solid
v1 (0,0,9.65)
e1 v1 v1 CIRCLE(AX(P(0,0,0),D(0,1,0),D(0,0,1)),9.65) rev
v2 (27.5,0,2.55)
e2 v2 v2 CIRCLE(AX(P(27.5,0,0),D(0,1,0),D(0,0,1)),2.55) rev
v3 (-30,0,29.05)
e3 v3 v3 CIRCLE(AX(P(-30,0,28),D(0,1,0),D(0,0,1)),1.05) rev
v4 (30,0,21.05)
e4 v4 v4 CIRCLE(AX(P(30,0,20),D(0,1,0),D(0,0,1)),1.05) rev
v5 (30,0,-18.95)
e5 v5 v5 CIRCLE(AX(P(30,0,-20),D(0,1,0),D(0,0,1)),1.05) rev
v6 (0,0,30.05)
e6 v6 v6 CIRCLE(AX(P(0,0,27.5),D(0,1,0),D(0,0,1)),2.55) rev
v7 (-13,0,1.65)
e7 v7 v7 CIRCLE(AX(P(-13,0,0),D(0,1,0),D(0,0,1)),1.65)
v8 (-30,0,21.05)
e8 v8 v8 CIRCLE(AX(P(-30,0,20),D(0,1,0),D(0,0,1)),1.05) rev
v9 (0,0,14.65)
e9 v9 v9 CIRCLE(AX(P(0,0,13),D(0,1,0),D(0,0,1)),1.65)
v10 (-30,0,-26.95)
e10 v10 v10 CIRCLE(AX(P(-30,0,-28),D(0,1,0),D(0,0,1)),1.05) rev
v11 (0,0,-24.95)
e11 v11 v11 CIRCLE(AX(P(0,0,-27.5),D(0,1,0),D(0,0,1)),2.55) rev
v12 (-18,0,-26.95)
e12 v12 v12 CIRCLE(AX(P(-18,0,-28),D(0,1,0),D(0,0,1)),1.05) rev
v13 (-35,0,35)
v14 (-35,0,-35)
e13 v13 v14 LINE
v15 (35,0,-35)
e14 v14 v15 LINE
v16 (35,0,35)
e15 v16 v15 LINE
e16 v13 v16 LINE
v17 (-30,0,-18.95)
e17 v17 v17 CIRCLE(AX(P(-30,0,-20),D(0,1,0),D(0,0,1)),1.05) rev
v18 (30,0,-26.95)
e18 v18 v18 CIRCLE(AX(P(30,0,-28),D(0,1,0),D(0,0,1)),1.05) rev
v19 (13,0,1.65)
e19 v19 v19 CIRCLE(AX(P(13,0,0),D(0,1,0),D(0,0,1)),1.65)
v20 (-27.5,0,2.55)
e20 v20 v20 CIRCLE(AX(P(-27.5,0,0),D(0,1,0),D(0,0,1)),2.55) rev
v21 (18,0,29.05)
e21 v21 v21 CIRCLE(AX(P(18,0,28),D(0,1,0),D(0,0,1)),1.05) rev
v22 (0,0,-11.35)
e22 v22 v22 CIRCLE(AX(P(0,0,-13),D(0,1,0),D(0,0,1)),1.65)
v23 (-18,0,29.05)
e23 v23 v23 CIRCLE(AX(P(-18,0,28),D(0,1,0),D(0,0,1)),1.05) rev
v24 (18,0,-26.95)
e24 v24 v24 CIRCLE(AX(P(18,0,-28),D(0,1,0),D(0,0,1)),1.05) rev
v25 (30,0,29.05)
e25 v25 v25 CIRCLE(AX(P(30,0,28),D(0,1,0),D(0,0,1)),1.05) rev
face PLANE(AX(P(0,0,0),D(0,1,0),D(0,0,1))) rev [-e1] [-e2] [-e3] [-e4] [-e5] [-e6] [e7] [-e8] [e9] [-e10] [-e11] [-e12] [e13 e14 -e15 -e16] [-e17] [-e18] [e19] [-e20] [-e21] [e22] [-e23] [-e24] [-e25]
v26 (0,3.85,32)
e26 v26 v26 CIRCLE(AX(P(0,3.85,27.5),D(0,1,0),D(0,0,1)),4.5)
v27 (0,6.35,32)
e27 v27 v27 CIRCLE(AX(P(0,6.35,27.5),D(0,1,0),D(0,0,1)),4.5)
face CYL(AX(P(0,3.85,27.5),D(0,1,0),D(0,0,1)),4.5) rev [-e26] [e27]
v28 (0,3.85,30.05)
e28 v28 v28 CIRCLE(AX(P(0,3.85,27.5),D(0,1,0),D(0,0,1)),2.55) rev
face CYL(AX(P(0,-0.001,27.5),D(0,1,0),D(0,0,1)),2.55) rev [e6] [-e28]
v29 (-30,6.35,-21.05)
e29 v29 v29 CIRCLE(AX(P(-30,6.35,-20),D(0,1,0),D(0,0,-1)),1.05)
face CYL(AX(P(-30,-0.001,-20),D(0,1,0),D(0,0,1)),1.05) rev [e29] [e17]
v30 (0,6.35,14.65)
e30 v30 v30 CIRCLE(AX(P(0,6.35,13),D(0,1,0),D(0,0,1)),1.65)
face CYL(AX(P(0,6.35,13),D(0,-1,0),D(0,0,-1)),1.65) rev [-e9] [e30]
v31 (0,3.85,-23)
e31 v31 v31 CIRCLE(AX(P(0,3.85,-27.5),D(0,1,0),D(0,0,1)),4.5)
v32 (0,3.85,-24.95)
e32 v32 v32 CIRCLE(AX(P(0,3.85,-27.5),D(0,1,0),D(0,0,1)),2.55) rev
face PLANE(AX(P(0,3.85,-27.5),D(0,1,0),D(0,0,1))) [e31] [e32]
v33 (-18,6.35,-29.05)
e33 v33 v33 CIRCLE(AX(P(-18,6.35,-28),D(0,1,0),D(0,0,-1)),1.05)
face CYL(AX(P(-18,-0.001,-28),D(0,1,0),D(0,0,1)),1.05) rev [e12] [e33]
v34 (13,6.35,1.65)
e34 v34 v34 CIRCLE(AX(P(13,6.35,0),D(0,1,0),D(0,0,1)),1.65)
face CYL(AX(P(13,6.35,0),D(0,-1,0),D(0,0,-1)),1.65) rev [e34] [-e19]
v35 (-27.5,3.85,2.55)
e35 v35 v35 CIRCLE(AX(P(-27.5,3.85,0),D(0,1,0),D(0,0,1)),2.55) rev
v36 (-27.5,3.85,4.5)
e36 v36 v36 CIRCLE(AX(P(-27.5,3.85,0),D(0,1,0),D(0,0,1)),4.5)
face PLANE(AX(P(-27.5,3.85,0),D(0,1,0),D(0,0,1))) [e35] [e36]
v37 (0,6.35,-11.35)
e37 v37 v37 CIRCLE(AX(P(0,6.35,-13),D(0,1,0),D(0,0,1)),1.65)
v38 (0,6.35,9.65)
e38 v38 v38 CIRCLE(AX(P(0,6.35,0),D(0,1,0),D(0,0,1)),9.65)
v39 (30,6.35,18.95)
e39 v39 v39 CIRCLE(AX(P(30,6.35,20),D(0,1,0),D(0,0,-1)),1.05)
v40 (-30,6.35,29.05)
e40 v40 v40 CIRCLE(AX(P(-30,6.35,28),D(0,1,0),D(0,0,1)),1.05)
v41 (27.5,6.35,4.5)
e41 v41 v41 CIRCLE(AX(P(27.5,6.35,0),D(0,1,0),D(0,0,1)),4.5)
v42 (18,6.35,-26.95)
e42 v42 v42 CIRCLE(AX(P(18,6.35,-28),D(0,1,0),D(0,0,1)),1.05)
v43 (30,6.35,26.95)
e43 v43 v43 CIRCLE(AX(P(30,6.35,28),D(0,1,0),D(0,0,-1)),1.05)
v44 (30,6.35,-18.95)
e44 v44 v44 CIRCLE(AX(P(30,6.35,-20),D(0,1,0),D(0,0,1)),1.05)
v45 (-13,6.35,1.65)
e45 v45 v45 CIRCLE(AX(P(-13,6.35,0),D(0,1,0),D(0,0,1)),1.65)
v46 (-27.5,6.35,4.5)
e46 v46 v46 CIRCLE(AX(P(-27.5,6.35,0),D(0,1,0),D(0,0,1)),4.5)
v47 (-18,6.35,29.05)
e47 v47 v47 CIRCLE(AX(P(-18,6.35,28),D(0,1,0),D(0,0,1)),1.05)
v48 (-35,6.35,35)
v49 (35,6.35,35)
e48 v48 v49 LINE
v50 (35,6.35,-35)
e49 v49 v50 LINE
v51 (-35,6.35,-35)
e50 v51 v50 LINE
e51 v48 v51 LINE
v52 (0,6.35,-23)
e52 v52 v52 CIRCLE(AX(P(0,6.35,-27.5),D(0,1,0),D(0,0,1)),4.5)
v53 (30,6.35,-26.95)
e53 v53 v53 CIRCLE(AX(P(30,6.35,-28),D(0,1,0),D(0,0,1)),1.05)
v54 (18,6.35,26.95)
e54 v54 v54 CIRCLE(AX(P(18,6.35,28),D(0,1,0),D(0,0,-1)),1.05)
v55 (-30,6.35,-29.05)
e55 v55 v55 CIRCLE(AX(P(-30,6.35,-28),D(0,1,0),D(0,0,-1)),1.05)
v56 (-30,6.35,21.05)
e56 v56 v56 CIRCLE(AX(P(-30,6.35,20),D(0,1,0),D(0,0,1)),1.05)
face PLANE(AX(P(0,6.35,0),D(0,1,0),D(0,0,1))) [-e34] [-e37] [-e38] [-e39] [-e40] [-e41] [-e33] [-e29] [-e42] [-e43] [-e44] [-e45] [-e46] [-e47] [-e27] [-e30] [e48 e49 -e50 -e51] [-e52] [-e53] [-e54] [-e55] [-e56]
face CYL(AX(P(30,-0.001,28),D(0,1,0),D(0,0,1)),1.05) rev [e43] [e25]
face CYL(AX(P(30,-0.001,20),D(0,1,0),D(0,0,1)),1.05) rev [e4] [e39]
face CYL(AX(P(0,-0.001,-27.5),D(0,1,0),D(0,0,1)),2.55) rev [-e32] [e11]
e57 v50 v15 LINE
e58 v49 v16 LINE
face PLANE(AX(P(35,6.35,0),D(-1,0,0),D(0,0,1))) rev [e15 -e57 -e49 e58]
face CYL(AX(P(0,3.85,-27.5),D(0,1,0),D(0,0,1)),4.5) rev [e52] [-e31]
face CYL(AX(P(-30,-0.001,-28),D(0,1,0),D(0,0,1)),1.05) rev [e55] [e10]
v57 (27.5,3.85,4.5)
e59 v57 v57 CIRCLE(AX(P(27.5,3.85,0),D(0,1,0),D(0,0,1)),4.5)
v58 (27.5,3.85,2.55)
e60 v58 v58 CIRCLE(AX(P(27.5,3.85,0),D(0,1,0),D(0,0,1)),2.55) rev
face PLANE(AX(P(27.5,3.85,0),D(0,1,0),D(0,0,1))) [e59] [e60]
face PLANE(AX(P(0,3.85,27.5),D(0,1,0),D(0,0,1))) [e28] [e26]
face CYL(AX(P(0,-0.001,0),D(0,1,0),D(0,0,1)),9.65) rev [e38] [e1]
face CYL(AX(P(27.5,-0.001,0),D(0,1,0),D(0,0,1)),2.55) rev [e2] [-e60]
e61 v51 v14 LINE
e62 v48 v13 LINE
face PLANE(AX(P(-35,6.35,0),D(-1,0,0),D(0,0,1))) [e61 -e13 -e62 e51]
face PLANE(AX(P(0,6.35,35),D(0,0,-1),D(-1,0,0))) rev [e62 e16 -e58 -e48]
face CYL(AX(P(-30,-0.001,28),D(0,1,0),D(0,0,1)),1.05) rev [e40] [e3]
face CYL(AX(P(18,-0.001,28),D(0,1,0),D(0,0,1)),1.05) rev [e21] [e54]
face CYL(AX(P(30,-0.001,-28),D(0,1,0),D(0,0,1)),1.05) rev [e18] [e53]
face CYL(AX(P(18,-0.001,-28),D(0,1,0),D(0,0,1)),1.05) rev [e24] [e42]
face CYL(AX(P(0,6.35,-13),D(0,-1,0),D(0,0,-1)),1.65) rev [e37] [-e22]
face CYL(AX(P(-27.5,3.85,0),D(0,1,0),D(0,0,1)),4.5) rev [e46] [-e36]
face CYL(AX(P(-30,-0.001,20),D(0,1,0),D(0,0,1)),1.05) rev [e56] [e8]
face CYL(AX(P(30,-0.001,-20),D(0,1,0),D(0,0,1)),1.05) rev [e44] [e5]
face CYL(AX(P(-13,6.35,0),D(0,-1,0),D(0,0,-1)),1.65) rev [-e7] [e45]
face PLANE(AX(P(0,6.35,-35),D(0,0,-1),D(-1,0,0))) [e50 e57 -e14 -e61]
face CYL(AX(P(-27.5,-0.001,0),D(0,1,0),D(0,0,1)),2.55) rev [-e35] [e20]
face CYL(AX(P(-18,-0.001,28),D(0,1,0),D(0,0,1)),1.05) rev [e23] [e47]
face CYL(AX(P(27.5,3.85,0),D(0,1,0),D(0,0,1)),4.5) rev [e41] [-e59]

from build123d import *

# Parameters (mm, degrees)
SKETCH1_W           = 70
SKETCH1_H           = 70
SKETCH1_R           = 1.65
BOSS_EXTRUDE1_DEPTH = 6.35
CUT_EXTRUDE1_REACH  = 51.903
SKETCH2_R           = 1.05
CUT_EXTRUDE2_REACH  = 51.903
SKETCH3_R           = 9.65
CUT_EXTRUDE3_REACH  = 51.903
SKETCH4_R           = 2.55
SKETCH5_R           = 4.5
CUT_EXTRUDE4_DEPTH  = 2.5


with BuildPart() as part:
    # Sketch1 → Boss-Extrude1 (new body)
    with BuildSketch(Plane(origin=(0, 0, 0), x_dir=(1, 0, 0), z_dir=(0, 1, 0))):
        Rectangle(SKETCH1_W, SKETCH1_H)
        with Locations(Location((0, 13, 0), (0, 0, 270))):
            Circle(SKETCH1_R, mode=Mode.SUBTRACT)
        with Locations(Location((13, 0, 0), (0, 0, 270))):
            Circle(SKETCH1_R, mode=Mode.SUBTRACT)
        with Locations(Location((0, -13, 0), (0, 0, 270))):
            Circle(SKETCH1_R, mode=Mode.SUBTRACT)
        with Locations(Location((-13, 0, 0), (0, 0, 270))):
            Circle(SKETCH1_R, mode=Mode.SUBTRACT)
    extrude(amount=BOSS_EXTRUDE1_DEPTH)

    # Sketch2 → Cut-Extrude1 (cut, up to next)
    with BuildSketch(Plane(origin=(0, 6.35, 0), x_dir=(1, 0, 0), z_dir=(0, 1, 0)), mode=Mode.PRIVATE) as cut_extrude1_sk1:
        with Locations(Location((18, 28, 0), (0, 0, 270))):
            Circle(SKETCH2_R)
    cut_extrude1_tool1 = extrude(cut_extrude1_sk1.sketch, amount=-CUT_EXTRUDE1_REACH, mode=Mode.PRIVATE) & part.part
    # Sketch2 → Cut-Extrude1 (cut, up to next)
    with BuildSketch(Plane(origin=(0, 6.35, 0), x_dir=(1, 0, 0), z_dir=(0, 1, 0)), mode=Mode.PRIVATE) as cut_extrude1_sk2:
        with Locations(Location((30, 28, 0), (0, 0, 270))):
            Circle(SKETCH2_R)
    cut_extrude1_tool2 = extrude(cut_extrude1_sk2.sketch, amount=-CUT_EXTRUDE1_REACH, mode=Mode.PRIVATE) & part.part
    # Sketch2 → Cut-Extrude1 (cut, up to next)
    with BuildSketch(Plane(origin=(0, 6.35, 0), x_dir=(1, 0, 0), z_dir=(0, 1, 0)), mode=Mode.PRIVATE) as cut_extrude1_sk3:
        with Locations(Location((30, 20, 0), (0, 0, 270))):
            Circle(SKETCH2_R)
    cut_extrude1_tool3 = extrude(cut_extrude1_sk3.sketch, amount=-CUT_EXTRUDE1_REACH, mode=Mode.PRIVATE) & part.part
    # Sketch2 → Cut-Extrude1 (cut, up to next)
    with BuildSketch(Plane(origin=(0, 6.35, 0), x_dir=(1, 0, 0), z_dir=(0, 1, 0)), mode=Mode.PRIVATE) as cut_extrude1_sk4:
        with Locations(Location((-30, 20, 0), (0, 0, 270))):
            Circle(SKETCH2_R)
    cut_extrude1_tool4 = extrude(cut_extrude1_sk4.sketch, amount=-CUT_EXTRUDE1_REACH, mode=Mode.PRIVATE) & part.part
    # Sketch2 → Cut-Extrude1 (cut, up to next)
    with BuildSketch(Plane(origin=(0, 6.35, 0), x_dir=(1, 0, 0), z_dir=(0, 1, 0)), mode=Mode.PRIVATE) as cut_extrude1_sk5:
        with Locations(Location((-30, 28, 0), (0, 0, 270))):
            Circle(SKETCH2_R)
    cut_extrude1_tool5 = extrude(cut_extrude1_sk5.sketch, amount=-CUT_EXTRUDE1_REACH, mode=Mode.PRIVATE) & part.part
    # Sketch2 → Cut-Extrude1 (cut, up to next)
    with BuildSketch(Plane(origin=(0, 6.35, 0), x_dir=(1, 0, 0), z_dir=(0, 1, 0)), mode=Mode.PRIVATE) as cut_extrude1_sk6:
        with Locations(Location((-18, 28, 0), (0, 0, 270))):
            Circle(SKETCH2_R)
    cut_extrude1_tool6 = extrude(cut_extrude1_sk6.sketch, amount=-CUT_EXTRUDE1_REACH, mode=Mode.PRIVATE) & part.part
    # Sketch2 → Cut-Extrude1 (cut, up to next)
    with BuildSketch(Plane(origin=(0, 6.35, 0), x_dir=(1, 0, 0), z_dir=(0, 1, 0)), mode=Mode.PRIVATE) as cut_extrude1_sk7:
        with Locations(Location((30, -20, 0), (0, 0, 270))):
            Circle(SKETCH2_R)
    cut_extrude1_tool7 = extrude(cut_extrude1_sk7.sketch, amount=-CUT_EXTRUDE1_REACH, mode=Mode.PRIVATE) & part.part
    # Sketch2 → Cut-Extrude1 (cut, up to next)
    with BuildSketch(Plane(origin=(0, 6.35, 0), x_dir=(1, 0, 0), z_dir=(0, 1, 0)), mode=Mode.PRIVATE) as cut_extrude1_sk8:
        with Locations(Location((30, -28, 0), (0, 0, 270))):
            Circle(SKETCH2_R)
    cut_extrude1_tool8 = extrude(cut_extrude1_sk8.sketch, amount=-CUT_EXTRUDE1_REACH, mode=Mode.PRIVATE) & part.part
    # Sketch2 → Cut-Extrude1 (cut, up to next)
    with BuildSketch(Plane(origin=(0, 6.35, 0), x_dir=(1, 0, 0), z_dir=(0, 1, 0)), mode=Mode.PRIVATE) as cut_extrude1_sk9:
        with Locations(Location((18, -28, 0), (0, 0, 270))):
            Circle(SKETCH2_R)
    cut_extrude1_tool9 = extrude(cut_extrude1_sk9.sketch, amount=-CUT_EXTRUDE1_REACH, mode=Mode.PRIVATE) & part.part
    # Sketch2 → Cut-Extrude1 (cut, up to next)
    with BuildSketch(Plane(origin=(0, 6.35, 0), x_dir=(1, 0, 0), z_dir=(0, 1, 0)), mode=Mode.PRIVATE) as cut_extrude1_sk10:
        with Locations(Location((-18, -28, 0), (0, 0, 270))):
            Circle(SKETCH2_R)
    cut_extrude1_tool10 = extrude(cut_extrude1_sk10.sketch, amount=-CUT_EXTRUDE1_REACH, mode=Mode.PRIVATE) & part.part
    # Sketch2 → Cut-Extrude1 (cut, up to next)
    with BuildSketch(Plane(origin=(0, 6.35, 0), x_dir=(1, 0, 0), z_dir=(0, 1, 0)), mode=Mode.PRIVATE) as cut_extrude1_sk11:
        with Locations(Location((-30, -20, 0), (0, 0, 270))):
            Circle(SKETCH2_R)
    cut_extrude1_tool11 = extrude(cut_extrude1_sk11.sketch, amount=-CUT_EXTRUDE1_REACH, mode=Mode.PRIVATE) & part.part
    # Sketch2 → Cut-Extrude1 (cut, up to next)
    with BuildSketch(Plane(origin=(0, 6.35, 0), x_dir=(1, 0, 0), z_dir=(0, 1, 0)), mode=Mode.PRIVATE) as cut_extrude1_sk12:
        with Locations(Location((-30, -28, 0), (0, 0, 270))):
            Circle(SKETCH2_R)
    cut_extrude1_tool12 = extrude(cut_extrude1_sk12.sketch, amount=-CUT_EXTRUDE1_REACH, mode=Mode.PRIVATE) & part.part
    add(cut_extrude1_tool1.solids().sort_by_distance((18, 6.35, -28))[0], mode=Mode.SUBTRACT)
    add(cut_extrude1_tool2.solids().sort_by_distance((30, 6.35, -28))[0], mode=Mode.SUBTRACT)
    add(cut_extrude1_tool3.solids().sort_by_distance((30, 6.35, -20))[0], mode=Mode.SUBTRACT)
    add(cut_extrude1_tool4.solids().sort_by_distance((-30, 6.35, -20))[0], mode=Mode.SUBTRACT)
    add(cut_extrude1_tool5.solids().sort_by_distance((-30, 6.35, -28))[0], mode=Mode.SUBTRACT)
    add(cut_extrude1_tool6.solids().sort_by_distance((-18, 6.35, -28))[0], mode=Mode.SUBTRACT)
    add(cut_extrude1_tool7.solids().sort_by_distance((30, 6.35, 20))[0], mode=Mode.SUBTRACT)
    add(cut_extrude1_tool8.solids().sort_by_distance((30, 6.35, 28))[0], mode=Mode.SUBTRACT)
    add(cut_extrude1_tool9.solids().sort_by_distance((18, 6.35, 28))[0], mode=Mode.SUBTRACT)
    add(cut_extrude1_tool10.solids().sort_by_distance((-18, 6.35, 28))[0], mode=Mode.SUBTRACT)
    add(cut_extrude1_tool11.solids().sort_by_distance((-30, 6.35, 20))[0], mode=Mode.SUBTRACT)
    add(cut_extrude1_tool12.solids().sort_by_distance((-30, 6.35, 28))[0], mode=Mode.SUBTRACT)

    # Sketch3 → Cut-Extrude2 (cut, up to next)
    with BuildSketch(Plane(origin=(0, 6.35, 0), x_dir=(1, 0, 0), z_dir=(0, 1, 0)), mode=Mode.PRIVATE) as cut_extrude2_sk1:
        with Locations(Location((0, 0, 0), (0, 0, 270))):
            Circle(SKETCH3_R)
    cut_extrude2_tool1 = extrude(cut_extrude2_sk1.sketch, amount=-CUT_EXTRUDE2_REACH, mode=Mode.PRIVATE) & part.part
    add(cut_extrude2_tool1.solids().sort_by_distance((0, 6.35, 0))[0], mode=Mode.SUBTRACT)

    # Sketch4 → Cut-Extrude3 (cut, up to next)
    with BuildSketch(Plane(origin=(0, 6.35, 0), x_dir=(1, 0, 0), z_dir=(0, 1, 0)), mode=Mode.PRIVATE) as cut_extrude3_sk1:
        with Locations(Location((0, 27.5, 0), (0, 0, 270))):
            Circle(SKETCH4_R)
    cut_extrude3_tool1 = extrude(cut_extrude3_sk1.sketch, amount=-CUT_EXTRUDE3_REACH, mode=Mode.PRIVATE) & part.part
    # Sketch4 → Cut-Extrude3 (cut, up to next)
    with BuildSketch(Plane(origin=(0, 6.35, 0), x_dir=(1, 0, 0), z_dir=(0, 1, 0)), mode=Mode.PRIVATE) as cut_extrude3_sk2:
        with Locations(Location((27.5, 0, 0), (0, 0, 270))):
            Circle(SKETCH4_R)
    cut_extrude3_tool2 = extrude(cut_extrude3_sk2.sketch, amount=-CUT_EXTRUDE3_REACH, mode=Mode.PRIVATE) & part.part
    # Sketch4 → Cut-Extrude3 (cut, up to next)
    with BuildSketch(Plane(origin=(0, 6.35, 0), x_dir=(1, 0, 0), z_dir=(0, 1, 0)), mode=Mode.PRIVATE) as cut_extrude3_sk3:
        with Locations(Location((0, -27.5, 0), (0, 0, 270))):
            Circle(SKETCH4_R)
    cut_extrude3_tool3 = extrude(cut_extrude3_sk3.sketch, amount=-CUT_EXTRUDE3_REACH, mode=Mode.PRIVATE) & part.part
    # Sketch4 → Cut-Extrude3 (cut, up to next)
    with BuildSketch(Plane(origin=(0, 6.35, 0), x_dir=(1, 0, 0), z_dir=(0, 1, 0)), mode=Mode.PRIVATE) as cut_extrude3_sk4:
        with Locations(Location((-27.5, 0, 0), (0, 0, 270))):
            Circle(SKETCH4_R)
    cut_extrude3_tool4 = extrude(cut_extrude3_sk4.sketch, amount=-CUT_EXTRUDE3_REACH, mode=Mode.PRIVATE) & part.part
    add(cut_extrude3_tool1.solids().sort_by_distance((0, 6.35, -27.5))[0], mode=Mode.SUBTRACT)
    add(cut_extrude3_tool2.solids().sort_by_distance((27.5, 6.35, 0))[0], mode=Mode.SUBTRACT)
    add(cut_extrude3_tool3.solids().sort_by_distance((0, 6.35, 27.5))[0], mode=Mode.SUBTRACT)
    add(cut_extrude3_tool4.solids().sort_by_distance((-27.5, 6.35, 0))[0], mode=Mode.SUBTRACT)

    # Sketch5 → Cut-Extrude4 (cut)
    with BuildSketch(Plane(origin=(0, 6.35, 0), x_dir=(1, 0, 0), z_dir=(0, 1, 0))):
        with Locations(Location((0, 27.5, 0), (0, 0, 270))):
            Circle(SKETCH5_R)
        with Locations(Location((27.5, 0, 0), (0, 0, 270))):
            Circle(SKETCH5_R)
        with Locations(Location((0, -27.5, 0), (0, 0, 270))):
            Circle(SKETCH5_R)
        with Locations(Location((-27.5, 0, 0), (0, 0, 270))):
            Circle(SKETCH5_R)
    extrude(amount=-CUT_EXTRUDE4_DEPTH, mode=Mode.SUBTRACT)


solid = part.part
